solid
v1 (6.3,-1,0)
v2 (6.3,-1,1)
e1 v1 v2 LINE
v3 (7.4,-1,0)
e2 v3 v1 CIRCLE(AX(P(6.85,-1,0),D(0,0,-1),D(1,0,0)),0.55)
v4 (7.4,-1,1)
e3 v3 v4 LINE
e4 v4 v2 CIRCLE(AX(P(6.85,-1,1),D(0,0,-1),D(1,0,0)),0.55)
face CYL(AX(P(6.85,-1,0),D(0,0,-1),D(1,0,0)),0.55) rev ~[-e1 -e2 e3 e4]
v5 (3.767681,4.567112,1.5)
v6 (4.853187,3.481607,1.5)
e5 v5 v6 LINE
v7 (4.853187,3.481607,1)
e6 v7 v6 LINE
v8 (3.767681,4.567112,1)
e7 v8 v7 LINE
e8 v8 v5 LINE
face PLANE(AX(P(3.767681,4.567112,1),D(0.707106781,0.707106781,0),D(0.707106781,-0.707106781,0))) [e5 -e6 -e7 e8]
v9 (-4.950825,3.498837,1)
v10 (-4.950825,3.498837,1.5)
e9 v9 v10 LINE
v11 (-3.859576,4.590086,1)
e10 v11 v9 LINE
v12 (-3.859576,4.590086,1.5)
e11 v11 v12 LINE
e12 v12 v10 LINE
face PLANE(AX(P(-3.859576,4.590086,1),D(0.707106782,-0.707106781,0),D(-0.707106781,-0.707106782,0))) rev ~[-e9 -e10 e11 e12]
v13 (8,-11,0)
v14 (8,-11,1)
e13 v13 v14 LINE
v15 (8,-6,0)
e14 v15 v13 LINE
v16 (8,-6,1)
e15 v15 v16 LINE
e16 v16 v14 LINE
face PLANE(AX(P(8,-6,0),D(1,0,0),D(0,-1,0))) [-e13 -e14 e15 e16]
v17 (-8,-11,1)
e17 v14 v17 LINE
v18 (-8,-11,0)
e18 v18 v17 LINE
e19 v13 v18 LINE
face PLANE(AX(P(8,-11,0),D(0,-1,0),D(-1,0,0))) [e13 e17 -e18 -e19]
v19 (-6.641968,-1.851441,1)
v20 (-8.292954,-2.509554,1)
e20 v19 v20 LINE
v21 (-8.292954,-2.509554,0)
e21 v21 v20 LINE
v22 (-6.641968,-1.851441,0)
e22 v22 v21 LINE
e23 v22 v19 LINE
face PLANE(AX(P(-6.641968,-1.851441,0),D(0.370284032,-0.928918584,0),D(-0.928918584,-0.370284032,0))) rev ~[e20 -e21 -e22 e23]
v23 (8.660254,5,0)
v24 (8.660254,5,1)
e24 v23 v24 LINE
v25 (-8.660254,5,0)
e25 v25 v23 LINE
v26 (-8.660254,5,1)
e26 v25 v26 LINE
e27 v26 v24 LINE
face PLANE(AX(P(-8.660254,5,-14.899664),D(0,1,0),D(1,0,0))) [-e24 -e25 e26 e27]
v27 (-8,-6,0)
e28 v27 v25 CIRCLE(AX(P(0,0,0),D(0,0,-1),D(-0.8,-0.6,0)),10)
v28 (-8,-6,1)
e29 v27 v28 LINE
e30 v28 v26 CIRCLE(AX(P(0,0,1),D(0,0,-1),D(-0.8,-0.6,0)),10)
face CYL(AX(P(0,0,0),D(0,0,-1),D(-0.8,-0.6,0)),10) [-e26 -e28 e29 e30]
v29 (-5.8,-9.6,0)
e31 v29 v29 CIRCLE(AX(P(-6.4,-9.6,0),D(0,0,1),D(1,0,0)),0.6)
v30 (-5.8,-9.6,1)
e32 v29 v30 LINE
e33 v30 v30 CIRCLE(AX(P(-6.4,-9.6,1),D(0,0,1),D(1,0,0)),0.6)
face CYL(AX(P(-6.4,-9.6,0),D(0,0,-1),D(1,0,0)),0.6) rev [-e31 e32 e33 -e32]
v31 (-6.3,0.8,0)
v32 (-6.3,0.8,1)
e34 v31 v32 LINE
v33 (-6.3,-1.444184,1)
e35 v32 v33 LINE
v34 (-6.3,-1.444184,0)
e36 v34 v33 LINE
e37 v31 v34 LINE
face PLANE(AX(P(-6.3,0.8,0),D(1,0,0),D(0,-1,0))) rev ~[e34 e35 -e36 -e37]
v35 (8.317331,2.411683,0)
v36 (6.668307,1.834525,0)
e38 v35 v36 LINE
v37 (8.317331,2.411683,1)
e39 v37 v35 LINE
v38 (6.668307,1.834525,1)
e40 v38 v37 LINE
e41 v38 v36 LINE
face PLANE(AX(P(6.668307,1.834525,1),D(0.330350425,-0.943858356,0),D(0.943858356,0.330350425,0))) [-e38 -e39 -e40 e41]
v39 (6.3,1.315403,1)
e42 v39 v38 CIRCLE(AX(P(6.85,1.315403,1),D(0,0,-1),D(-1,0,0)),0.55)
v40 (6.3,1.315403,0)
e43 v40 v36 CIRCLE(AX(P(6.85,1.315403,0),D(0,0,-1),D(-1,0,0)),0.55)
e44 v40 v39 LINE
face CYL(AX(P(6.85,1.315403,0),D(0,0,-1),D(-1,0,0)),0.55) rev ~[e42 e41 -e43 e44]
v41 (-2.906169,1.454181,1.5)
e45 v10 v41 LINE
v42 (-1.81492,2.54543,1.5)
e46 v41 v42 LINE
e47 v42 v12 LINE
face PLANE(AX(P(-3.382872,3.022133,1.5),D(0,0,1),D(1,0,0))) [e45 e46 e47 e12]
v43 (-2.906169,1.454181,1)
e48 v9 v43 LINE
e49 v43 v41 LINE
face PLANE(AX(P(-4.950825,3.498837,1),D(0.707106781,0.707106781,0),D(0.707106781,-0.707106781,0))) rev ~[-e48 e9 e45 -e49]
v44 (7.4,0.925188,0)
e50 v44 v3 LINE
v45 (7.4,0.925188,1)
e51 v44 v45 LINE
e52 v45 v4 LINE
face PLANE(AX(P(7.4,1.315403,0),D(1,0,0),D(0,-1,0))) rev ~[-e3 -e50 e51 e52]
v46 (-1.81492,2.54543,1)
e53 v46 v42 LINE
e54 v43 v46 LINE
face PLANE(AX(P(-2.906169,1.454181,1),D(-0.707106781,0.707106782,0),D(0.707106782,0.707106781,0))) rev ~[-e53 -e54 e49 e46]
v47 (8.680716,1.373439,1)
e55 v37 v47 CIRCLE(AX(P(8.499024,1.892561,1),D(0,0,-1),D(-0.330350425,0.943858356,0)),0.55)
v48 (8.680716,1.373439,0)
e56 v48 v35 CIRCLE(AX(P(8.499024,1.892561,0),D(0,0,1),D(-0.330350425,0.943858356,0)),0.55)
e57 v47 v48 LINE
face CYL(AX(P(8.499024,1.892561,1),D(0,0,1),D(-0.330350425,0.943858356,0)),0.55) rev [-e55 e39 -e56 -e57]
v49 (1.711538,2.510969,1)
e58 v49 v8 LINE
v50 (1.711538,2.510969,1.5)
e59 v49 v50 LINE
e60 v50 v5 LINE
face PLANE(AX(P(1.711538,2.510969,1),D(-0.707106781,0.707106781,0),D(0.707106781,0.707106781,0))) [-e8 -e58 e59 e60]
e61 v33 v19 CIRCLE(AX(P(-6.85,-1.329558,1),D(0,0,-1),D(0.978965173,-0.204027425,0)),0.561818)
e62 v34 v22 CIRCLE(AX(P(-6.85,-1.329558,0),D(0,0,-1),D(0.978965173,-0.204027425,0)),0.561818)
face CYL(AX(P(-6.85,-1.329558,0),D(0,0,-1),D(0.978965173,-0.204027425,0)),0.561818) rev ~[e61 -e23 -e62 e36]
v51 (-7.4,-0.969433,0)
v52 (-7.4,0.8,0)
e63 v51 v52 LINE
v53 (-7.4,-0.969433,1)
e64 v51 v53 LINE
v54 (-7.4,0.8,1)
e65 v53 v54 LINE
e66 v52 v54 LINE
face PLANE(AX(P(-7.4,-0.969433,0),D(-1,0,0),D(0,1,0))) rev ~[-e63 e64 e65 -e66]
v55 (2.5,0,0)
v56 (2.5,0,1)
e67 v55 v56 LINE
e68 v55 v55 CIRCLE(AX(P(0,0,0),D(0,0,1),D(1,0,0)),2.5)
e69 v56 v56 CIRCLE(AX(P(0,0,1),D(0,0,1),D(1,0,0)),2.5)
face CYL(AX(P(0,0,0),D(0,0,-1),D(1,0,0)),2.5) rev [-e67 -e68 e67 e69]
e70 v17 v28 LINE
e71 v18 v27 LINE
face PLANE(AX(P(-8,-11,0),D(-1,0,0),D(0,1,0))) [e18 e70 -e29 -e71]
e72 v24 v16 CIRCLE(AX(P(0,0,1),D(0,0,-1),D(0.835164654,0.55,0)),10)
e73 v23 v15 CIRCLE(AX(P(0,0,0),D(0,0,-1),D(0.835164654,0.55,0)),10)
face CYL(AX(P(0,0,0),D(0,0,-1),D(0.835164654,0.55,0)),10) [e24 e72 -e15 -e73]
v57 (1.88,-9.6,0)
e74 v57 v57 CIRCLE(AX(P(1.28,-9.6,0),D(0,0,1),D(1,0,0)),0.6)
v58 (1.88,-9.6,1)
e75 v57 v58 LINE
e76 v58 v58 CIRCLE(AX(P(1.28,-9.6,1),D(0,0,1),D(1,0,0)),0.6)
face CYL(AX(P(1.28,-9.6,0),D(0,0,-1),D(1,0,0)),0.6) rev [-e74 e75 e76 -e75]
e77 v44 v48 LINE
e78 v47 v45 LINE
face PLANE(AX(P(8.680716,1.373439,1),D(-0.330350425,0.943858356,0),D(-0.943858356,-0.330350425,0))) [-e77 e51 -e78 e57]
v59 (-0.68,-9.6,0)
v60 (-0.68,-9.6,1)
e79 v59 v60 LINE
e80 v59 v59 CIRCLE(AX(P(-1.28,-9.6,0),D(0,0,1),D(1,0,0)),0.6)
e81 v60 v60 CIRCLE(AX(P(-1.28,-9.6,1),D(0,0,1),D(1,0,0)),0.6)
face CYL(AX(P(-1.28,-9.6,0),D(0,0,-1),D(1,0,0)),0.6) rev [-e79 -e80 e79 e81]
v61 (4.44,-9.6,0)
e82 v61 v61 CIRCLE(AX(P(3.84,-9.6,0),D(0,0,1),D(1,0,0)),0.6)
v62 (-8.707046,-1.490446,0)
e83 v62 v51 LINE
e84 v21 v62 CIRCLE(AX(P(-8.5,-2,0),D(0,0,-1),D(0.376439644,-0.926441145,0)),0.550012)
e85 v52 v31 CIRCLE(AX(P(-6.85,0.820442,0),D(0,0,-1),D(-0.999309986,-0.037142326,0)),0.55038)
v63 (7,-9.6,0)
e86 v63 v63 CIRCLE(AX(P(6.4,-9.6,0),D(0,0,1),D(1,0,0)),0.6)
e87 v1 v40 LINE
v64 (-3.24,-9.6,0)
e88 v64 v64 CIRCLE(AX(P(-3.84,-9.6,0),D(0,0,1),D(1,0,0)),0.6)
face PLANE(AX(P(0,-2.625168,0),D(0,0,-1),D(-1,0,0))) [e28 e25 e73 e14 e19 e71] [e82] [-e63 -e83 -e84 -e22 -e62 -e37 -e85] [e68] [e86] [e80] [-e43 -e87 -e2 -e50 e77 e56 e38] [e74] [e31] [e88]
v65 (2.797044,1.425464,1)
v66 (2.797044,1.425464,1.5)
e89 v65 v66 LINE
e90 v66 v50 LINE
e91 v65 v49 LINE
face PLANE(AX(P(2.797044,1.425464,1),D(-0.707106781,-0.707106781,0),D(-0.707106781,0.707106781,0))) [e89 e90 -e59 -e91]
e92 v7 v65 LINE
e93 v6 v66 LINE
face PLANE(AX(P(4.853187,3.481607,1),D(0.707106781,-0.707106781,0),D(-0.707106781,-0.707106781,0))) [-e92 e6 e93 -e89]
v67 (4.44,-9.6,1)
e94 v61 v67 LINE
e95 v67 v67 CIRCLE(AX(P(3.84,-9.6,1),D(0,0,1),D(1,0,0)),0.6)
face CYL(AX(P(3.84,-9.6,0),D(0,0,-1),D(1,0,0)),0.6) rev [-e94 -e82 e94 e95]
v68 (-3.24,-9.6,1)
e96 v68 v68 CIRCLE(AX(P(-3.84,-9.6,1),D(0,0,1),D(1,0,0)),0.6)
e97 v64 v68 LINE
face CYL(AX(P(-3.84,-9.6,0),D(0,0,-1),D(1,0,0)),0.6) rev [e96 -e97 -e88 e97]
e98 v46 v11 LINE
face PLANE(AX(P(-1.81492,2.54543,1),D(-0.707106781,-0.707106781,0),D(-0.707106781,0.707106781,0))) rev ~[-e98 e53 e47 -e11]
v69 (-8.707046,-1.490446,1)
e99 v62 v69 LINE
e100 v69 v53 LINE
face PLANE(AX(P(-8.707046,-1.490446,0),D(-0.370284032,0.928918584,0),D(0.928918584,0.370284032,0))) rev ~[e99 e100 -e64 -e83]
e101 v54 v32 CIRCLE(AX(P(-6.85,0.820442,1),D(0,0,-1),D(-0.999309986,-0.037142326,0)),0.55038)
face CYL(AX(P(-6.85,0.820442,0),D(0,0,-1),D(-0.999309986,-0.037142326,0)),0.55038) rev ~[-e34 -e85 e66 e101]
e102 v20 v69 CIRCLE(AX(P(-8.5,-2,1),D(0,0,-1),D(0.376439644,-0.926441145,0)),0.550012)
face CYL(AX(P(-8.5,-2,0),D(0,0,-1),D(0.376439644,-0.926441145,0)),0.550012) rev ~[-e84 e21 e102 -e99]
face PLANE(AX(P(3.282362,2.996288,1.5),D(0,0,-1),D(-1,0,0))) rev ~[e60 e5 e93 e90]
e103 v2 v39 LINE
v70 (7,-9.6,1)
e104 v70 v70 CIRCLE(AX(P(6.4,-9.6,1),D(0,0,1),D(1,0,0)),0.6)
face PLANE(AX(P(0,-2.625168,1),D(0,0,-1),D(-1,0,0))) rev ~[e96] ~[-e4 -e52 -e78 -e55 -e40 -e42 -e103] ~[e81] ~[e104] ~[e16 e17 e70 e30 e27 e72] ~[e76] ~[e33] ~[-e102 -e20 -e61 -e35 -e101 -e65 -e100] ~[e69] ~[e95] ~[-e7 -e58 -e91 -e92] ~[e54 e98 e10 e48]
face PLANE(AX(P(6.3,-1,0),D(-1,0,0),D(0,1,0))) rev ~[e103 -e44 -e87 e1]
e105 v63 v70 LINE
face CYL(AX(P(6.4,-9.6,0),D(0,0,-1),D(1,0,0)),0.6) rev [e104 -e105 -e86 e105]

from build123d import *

# Parameters (mm, degrees)
ESQUISSE1_R                = 2.5
ESQUISSE1_R_2              = 0.6
BOSS_EXTRU_1_DEPTH         = 1
ENL_V_MAT_EXTRU_1_DEPTH    = 15.899664426
BOSS_EXTRU_2_DEPTH         = 0.5
BOSS_EXTRU_3_DEPTH         = 0.5
CORTAR_EXTRUIR1_DEPTH      = 15.899664426
CORTAR_EXTRUIR1_DEPTH_BACK = 15.899664426


with BuildPart() as part:
    # Esquisse1 → Boss.-Extru.1 (new body)
    with BuildSketch(Plane.XY):
        with BuildLine():
            Line((-8.351646544, 5.5), (8.351646544, 5.5))
            ThreePointArc((8.351646544, 5.5), (9.995328218, -0.30563675), (8, -6))
            Line((8, -6), (8, -11))
            Line((8, -11), (-8, -11))
            Line((-8, -11), (-8, -6))
            ThreePointArc((-8, -6), (-9.995328218, -0.30563675), (-8.351646544, 5.5))
        make_face()
        Circle(ESQUISSE1_R, mode=Mode.SUBTRACT)
        with Locations((-6.4, -9.6)):
            Circle(ESQUISSE1_R_2, mode=Mode.SUBTRACT)
        with Locations((-3.84, -9.6)):
            Circle(ESQUISSE1_R_2, mode=Mode.SUBTRACT)
        with Locations((-1.28, -9.6)):
            Circle(ESQUISSE1_R_2, mode=Mode.SUBTRACT)
        with Locations((1.28, -9.6)):
            Circle(ESQUISSE1_R_2, mode=Mode.SUBTRACT)
        with Locations((3.84, -9.6)):
            Circle(ESQUISSE1_R_2, mode=Mode.SUBTRACT)
        with Locations((6.4, -9.6)):
            Circle(ESQUISSE1_R_2, mode=Mode.SUBTRACT)
        with BuildLine():
            Line((-6.3, 0.8), (-6.3, -1.444183839))
            ThreePointArc((-6.3, -1.444183839), (-6.419746949, -1.690835185), (-6.641967863, -1.851440553))
            Line((-6.641967863, -1.851440553), (-8.292953638, -2.509553847))
            ThreePointArc((-8.292953638, -2.509553847), (-9.009553847, -2.207046362), (-8.707046362, -1.490446153))
            Line((-8.707046362, -1.490446153), (-7.4, -0.969433434))
            Line((-7.4, -0.969433434), (-7.4, 0.8))
            ThreePointArc((-7.4, 0.8), (-6.85, 1.370822155), (-6.3, 0.8))
        make_face(mode=Mode.SUBTRACT)
        with BuildLine():
            Line((7.4, 1.315402872), (7.4, -1))
            ThreePointArc((7.4, -1), (6.85, -1.55), (6.3, -1))
            Line((6.3, -1), (6.3, 1.315402872))
            ThreePointArc((6.3, 1.315402872), (6.85, 1.865402872), (7.4, 1.315402872))
        make_face(mode=Mode.SUBTRACT)
    extrude(amount=BOSS_EXTRU_1_DEPTH)

    # Esquisse2 → Enlèv. mat.-Extru.1 (cut, through all)
    with BuildSketch(Plane.XY.offset(1)):
        with BuildLine():
            Line((6.668307266, 1.834524968), (8.317330789, 2.411683201))
            ThreePointArc((8.317330789, 2.411683201), (9.018145619, 2.074253838), (8.680716257, 1.373439009))
            Line((8.680716257, 1.373439009), (7.031692734, 0.796280776))
            ThreePointArc((7.031692734, 0.796280776), (6.330877904, 1.133710138), (6.668307266, 1.834524968))
        make_face()
    extrude(amount=-ENL_V_MAT_EXTRU_1_DEPTH, mode=Mode.SUBTRACT)

    # Esquisse3 → Boss.-Extru.2 (add)
    with BuildSketch(Plane.XY.offset(1)):
        Polygon((-4.950824849, 3.498836933), (-2.906168647, 1.454180731), (-1.81491955, 2.545429827), (-3.859575753, 4.59008603), align=None)
    extrude(amount=BOSS_EXTRU_2_DEPTH)

    # Esquisse4 → Boss.-Extru.3 (add)
    with BuildSketch(Plane.XY.offset(1)):
        Polygon((1.711538057, 2.510969329), (3.767681092, 4.567112364), (4.853186772, 3.481606684), (2.797043737, 1.425463649), align=None)
    extrude(amount=BOSS_EXTRU_3_DEPTH)

    # Croquis1 → Cortar-Extruir1 (cut, two sides: drawn at the far end of the back side and taken through both)
    with BuildSketch(Plane.XY.offset(1).offset(-CORTAR_EXTRUIR1_DEPTH_BACK)):
        Polygon((-8.660254038, 5), (8.660254038, 5), (9.520326515, 6.024620039), (-9.576517097, 6.287420639), align=None)
    extrude(amount=CORTAR_EXTRUIR1_DEPTH + CORTAR_EXTRUIR1_DEPTH_BACK, mode=Mode.SUBTRACT)


solid = part.part
